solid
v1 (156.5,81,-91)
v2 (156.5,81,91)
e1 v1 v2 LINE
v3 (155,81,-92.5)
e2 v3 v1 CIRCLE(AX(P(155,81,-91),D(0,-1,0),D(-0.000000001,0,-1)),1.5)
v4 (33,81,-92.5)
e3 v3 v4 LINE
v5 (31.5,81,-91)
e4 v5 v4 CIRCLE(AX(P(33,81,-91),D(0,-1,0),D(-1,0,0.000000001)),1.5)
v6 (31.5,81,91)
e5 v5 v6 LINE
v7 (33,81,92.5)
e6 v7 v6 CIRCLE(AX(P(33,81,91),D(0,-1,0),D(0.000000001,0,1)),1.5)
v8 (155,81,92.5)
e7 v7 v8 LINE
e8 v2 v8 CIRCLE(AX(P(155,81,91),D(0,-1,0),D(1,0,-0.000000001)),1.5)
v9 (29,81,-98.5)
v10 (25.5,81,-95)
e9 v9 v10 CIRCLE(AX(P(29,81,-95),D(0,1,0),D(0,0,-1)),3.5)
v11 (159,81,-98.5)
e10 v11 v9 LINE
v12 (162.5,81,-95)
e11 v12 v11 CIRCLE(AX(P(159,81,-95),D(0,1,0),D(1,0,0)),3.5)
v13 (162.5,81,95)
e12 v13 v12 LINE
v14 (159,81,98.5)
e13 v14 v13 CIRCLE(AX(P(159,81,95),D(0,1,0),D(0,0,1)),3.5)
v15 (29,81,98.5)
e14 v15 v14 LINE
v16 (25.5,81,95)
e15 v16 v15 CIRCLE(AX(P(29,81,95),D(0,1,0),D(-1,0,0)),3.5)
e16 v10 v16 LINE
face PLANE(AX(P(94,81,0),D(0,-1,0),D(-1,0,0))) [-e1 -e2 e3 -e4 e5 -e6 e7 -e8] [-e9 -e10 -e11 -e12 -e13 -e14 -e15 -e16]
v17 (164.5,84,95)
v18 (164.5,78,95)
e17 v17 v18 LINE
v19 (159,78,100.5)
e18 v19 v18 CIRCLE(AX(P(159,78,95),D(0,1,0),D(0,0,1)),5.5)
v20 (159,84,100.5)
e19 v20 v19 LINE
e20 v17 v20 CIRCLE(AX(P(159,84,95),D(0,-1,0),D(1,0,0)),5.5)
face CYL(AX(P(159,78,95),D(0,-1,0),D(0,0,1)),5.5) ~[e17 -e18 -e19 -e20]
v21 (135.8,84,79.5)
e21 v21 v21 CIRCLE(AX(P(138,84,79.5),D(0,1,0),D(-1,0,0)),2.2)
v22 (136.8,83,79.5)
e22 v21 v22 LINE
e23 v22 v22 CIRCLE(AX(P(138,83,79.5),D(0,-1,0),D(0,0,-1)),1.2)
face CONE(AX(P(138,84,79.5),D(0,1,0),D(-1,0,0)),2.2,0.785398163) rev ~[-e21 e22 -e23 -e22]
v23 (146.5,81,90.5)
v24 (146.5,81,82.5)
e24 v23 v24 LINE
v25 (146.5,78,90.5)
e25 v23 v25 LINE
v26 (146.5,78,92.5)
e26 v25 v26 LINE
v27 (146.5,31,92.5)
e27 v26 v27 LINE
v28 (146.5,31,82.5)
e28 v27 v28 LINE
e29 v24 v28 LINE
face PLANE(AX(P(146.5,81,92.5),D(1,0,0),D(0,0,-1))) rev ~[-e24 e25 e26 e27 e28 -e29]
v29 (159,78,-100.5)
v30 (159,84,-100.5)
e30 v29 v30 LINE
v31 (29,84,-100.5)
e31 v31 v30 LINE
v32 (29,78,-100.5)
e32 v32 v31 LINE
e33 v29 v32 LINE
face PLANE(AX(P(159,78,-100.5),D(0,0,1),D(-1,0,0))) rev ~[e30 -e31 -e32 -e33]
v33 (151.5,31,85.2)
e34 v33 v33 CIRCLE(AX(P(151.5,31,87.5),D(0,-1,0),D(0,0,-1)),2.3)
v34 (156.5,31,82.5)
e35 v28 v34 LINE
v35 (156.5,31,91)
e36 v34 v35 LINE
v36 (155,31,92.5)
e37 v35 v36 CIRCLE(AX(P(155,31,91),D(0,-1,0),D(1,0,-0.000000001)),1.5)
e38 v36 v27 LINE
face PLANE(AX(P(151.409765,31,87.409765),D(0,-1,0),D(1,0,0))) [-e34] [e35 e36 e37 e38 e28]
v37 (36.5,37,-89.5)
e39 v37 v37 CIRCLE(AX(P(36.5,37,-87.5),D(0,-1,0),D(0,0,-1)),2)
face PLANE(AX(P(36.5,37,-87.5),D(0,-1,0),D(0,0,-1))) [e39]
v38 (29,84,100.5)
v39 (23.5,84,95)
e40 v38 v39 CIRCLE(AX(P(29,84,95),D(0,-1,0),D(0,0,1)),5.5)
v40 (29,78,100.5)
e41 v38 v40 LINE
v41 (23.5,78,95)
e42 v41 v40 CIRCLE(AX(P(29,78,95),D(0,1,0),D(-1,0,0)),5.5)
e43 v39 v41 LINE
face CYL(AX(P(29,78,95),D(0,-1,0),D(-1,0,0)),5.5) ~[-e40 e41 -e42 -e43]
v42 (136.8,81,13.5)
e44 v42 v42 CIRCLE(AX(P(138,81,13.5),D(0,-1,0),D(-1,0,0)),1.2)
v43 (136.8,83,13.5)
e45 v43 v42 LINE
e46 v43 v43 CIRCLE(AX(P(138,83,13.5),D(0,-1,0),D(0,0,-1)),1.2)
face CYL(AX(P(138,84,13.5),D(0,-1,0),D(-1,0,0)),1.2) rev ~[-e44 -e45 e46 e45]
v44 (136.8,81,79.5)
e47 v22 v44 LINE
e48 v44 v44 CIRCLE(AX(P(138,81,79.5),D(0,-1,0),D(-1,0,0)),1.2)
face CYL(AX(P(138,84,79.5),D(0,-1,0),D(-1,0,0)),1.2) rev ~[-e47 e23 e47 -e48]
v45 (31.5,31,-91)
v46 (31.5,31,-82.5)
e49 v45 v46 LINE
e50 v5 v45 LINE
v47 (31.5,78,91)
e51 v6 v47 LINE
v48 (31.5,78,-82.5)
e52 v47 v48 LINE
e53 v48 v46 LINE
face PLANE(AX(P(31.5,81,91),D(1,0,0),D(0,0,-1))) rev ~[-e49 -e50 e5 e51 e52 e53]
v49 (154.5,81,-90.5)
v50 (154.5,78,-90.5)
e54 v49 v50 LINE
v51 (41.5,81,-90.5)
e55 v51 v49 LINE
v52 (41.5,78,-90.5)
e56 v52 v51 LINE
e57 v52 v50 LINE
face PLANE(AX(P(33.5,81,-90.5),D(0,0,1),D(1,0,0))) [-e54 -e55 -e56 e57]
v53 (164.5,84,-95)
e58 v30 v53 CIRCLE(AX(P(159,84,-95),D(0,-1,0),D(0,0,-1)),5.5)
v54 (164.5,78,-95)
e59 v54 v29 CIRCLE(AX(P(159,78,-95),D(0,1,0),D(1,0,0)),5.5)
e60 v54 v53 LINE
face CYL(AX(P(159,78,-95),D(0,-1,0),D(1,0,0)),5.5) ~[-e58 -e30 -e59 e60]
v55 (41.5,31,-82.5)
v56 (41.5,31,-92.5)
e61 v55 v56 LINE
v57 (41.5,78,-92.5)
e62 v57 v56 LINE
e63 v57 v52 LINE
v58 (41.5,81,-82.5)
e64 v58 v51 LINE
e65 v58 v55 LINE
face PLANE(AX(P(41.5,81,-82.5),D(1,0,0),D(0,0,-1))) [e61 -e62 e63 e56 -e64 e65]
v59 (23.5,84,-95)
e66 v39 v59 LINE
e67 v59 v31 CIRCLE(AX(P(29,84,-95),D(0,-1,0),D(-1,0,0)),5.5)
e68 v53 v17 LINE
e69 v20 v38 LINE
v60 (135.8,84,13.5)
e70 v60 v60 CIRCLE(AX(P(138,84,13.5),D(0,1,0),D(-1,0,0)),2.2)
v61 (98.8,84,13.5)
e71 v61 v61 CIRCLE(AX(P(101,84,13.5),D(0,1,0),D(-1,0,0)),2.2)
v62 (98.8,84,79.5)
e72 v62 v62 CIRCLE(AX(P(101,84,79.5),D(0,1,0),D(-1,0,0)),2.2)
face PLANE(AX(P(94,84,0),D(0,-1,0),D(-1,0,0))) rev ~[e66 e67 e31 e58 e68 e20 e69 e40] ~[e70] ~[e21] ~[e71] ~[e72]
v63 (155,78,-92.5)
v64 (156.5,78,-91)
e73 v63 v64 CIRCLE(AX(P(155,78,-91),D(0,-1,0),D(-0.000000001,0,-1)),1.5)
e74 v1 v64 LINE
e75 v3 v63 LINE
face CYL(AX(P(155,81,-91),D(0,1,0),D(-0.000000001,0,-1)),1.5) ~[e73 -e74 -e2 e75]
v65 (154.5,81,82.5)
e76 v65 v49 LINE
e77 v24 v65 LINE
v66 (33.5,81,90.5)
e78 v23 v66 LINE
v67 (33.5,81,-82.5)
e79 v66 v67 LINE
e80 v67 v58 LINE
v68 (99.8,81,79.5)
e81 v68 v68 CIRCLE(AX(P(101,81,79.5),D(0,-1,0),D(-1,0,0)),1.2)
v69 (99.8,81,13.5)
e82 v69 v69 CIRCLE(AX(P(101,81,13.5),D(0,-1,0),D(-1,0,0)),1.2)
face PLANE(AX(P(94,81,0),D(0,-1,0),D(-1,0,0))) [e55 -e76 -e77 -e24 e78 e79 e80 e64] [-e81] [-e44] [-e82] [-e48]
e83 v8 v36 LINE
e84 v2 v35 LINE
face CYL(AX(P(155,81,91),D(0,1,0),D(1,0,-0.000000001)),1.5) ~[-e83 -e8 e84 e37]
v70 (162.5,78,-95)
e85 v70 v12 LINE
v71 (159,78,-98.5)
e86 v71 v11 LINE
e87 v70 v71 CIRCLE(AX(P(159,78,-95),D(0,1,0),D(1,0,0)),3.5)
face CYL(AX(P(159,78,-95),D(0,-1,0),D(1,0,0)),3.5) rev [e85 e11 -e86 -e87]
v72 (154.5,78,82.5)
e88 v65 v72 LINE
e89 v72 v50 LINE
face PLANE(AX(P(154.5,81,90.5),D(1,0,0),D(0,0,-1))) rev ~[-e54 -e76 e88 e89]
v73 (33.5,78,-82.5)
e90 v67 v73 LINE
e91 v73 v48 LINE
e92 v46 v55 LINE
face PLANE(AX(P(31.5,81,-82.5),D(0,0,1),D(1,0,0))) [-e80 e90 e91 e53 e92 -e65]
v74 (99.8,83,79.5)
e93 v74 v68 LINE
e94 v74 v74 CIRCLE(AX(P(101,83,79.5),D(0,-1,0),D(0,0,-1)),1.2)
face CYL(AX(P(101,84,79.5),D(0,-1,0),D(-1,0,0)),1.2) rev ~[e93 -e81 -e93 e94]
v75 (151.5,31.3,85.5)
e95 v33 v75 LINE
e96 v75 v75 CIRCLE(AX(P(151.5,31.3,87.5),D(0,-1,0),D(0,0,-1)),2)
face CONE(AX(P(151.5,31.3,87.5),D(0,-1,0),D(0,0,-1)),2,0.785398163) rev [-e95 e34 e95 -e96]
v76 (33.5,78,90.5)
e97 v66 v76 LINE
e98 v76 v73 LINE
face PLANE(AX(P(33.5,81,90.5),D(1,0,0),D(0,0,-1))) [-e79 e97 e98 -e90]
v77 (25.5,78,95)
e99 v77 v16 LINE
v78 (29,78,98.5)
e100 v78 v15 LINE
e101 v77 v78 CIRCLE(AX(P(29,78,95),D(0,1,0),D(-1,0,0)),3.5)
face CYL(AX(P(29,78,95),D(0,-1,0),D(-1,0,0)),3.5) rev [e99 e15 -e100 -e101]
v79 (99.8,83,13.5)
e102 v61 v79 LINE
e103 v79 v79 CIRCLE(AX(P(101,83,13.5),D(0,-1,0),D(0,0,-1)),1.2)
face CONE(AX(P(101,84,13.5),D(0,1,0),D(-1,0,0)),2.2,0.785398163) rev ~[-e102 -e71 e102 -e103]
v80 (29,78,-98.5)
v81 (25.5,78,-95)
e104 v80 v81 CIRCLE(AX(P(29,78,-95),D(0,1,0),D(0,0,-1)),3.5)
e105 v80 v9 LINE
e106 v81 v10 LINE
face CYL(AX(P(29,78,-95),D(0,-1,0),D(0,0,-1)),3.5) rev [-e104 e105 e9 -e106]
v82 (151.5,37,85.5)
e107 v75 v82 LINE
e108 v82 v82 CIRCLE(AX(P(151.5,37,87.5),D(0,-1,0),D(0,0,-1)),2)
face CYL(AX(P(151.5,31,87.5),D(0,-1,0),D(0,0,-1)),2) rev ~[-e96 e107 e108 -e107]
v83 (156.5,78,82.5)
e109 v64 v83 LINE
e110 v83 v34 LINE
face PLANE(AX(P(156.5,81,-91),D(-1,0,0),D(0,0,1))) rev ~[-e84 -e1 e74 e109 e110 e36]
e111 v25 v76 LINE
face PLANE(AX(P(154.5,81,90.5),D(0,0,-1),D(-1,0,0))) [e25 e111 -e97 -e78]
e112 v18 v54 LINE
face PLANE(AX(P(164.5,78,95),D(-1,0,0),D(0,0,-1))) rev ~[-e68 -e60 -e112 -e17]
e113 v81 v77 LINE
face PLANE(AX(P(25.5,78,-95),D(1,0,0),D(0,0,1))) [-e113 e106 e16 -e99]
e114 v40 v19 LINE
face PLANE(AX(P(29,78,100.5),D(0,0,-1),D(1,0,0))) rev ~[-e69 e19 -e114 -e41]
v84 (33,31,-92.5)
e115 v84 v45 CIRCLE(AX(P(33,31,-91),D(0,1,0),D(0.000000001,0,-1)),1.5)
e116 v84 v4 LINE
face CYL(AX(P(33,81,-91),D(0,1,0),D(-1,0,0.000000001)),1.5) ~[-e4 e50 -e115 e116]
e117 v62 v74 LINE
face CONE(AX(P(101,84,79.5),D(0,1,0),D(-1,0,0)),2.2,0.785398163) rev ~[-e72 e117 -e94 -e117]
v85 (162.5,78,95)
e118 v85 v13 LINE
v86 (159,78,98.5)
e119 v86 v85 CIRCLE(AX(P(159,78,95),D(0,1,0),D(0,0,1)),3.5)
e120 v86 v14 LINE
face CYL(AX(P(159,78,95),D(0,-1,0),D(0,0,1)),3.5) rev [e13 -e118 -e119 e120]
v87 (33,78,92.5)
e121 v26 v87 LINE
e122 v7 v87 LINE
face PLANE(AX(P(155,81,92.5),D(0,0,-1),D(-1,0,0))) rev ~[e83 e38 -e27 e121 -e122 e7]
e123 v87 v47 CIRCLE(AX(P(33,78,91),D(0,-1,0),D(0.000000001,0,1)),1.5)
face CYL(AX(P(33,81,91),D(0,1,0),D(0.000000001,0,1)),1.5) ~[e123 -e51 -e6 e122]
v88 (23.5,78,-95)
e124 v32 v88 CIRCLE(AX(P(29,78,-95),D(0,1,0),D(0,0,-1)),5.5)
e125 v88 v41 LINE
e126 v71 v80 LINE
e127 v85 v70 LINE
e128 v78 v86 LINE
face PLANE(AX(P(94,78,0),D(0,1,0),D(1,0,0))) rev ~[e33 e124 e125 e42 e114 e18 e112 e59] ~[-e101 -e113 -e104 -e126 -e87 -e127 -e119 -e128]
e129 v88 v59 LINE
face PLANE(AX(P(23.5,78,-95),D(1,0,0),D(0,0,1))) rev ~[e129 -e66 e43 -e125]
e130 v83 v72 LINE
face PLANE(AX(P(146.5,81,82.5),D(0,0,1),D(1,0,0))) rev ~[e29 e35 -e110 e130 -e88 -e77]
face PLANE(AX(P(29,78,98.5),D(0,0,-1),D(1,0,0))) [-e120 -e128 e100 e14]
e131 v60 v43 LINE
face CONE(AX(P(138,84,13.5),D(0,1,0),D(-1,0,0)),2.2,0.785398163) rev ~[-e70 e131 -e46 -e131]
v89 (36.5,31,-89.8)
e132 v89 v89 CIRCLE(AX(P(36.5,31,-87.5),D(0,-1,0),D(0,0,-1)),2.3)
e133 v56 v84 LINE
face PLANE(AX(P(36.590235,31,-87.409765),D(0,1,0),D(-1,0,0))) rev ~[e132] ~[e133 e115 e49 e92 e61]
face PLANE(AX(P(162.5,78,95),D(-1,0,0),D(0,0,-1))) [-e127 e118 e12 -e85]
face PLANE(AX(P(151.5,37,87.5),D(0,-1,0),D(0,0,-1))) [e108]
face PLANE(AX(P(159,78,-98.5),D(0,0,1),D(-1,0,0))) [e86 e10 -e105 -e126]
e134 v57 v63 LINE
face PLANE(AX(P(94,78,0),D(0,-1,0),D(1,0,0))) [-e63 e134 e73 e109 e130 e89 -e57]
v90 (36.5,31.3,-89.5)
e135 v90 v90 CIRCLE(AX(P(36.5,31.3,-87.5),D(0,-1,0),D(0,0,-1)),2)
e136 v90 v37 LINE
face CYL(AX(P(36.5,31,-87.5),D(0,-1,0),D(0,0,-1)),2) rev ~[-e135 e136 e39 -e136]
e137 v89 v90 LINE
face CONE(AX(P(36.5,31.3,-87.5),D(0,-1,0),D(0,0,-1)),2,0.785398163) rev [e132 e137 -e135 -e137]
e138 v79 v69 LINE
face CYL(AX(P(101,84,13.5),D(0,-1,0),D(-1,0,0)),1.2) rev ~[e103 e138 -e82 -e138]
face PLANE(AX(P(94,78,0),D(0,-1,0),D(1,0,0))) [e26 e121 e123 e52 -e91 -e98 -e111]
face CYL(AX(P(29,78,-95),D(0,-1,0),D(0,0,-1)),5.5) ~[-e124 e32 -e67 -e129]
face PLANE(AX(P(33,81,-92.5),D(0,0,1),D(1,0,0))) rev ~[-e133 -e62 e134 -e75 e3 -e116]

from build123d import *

# Parameters (mm, degrees)
SALIENTE_EXTRUIR1_DEPTH                              = 3
SALIENTE_EXTRUIR2_START                              = -3
SALIENTE_EXTRUIR2_DEPTH                              = 3
SALIENTE_EXTRUIR4_DEPTH                              = 3
SALIENTE_EXTRUIR5_DEPTH                              = 50
AVELLANADO_PARA_TORNILLO_CON_CABEZA_PLAN_D           = 2.4
AVELLANADO_PARA_TORNILLO_CON_CABEZA_PLAN_CSINK_D     = 4.4
AVELLANADO_PARA_TORNILLO_CON_CABEZA_PLAN_CSINK_ANGLE = 90
CROQUIS11_R                                          = 2
CORTAR_EXTRUIR2_DEPTH                                = 6
CHAFL_N2_SIZE                                        = 0.3


with BuildPart() as part:
    # Croquis1 → Saliente-Extruir1 (new body)
    with BuildSketch(Plane(origin=(0, 81, 0), x_dir=(1, 0, 0), z_dir=(0, 1, 0))):
        with BuildLine():
            Line((164.5, -35), (164.5, -58))
            Line((164.5, -58), (164.5, -95))
            ThreePointArc((164.5, -95), (162.889087297, -98.889087297), (159, -100.5))
            Line((159, -100.5), (29, -100.5))
            ThreePointArc((29, -100.5), (25.110912703, -98.889087297), (23.5, -95))
            Line((23.5, -95), (23.5, 95))
            ThreePointArc((23.5, 95), (25.110912703, 98.889087297), (29, 100.5))
            Line((29, 100.5), (159, 100.5))
            ThreePointArc((159, 100.5), (162.889087297, 98.889087297), (164.5, 95))
            Line((164.5, 95), (164.5, -35))
        make_face()
    extrude(amount=SALIENTE_EXTRUIR1_DEPTH)

    # Croquis2 → Saliente-Extruir2 (add)
    with BuildSketch(Plane(origin=(0, 81, 0), x_dir=(1, 0, 0), z_dir=(0, 1, 0)).offset(SALIENTE_EXTRUIR2_START)):
        with BuildLine():
            Line((164.5, -95), (164.5, 95))
            ThreePointArc((164.5, 95), (162.889087297, 98.889087297), (159, 100.5))
            Line((159, 100.5), (29, 100.5))
            ThreePointArc((29, 100.5), (25.110912703, 98.889087297), (23.5, 95))
            Line((23.5, 95), (23.5, -95))
            ThreePointArc((23.5, -95), (25.110912703, -98.889087297), (29, -100.5))
            Line((29, -100.5), (159, -100.5))
            ThreePointArc((159, -100.5), (162.889087297, -98.889087297), (164.5, -95))
        make_face()
        with BuildLine():
            Line((162.5, -95), (162.5, 95))
            ThreePointArc((162.5, 95), (161.474873734, 97.474873734), (159, 98.5))
            Line((159, 98.5), (29, 98.5))
            ThreePointArc((29, 98.5), (26.525126266, 97.474873734), (25.5, 95))
            Line((25.5, 95), (25.5, -95))
            ThreePointArc((25.5, -95), (26.525126266, -97.474873734), (29, -98.5))
            Line((29, -98.5), (159, -98.5))
            ThreePointArc((159, -98.5), (161.474873734, -97.474873734), (162.5, -95))
        make_face(mode=Mode.SUBTRACT)
    extrude(amount=SALIENTE_EXTRUIR2_DEPTH)

    # Croquis4 → Saliente-Extruir4 (add)
    with BuildSketch(Plane.XZ.offset(-81)):
        with BuildLine():
            Line((33, -92.5), (155, -92.5))
            ThreePointArc((155, -92.5), (156.060660172, -92.060660172), (156.5, -91))
            Line((156.5, -91), (156.5, 35))
            Line((156.5, 35), (156.5, 58))
            Line((156.5, 58), (156.5, 91))
            ThreePointArc((156.5, 91), (156.060660172, 92.060660172), (155, 92.5))
            Line((155, 92.5), (33, 92.5))
            ThreePointArc((33, 92.5), (31.939339828, 92.060660172), (31.5, 91))
            Line((31.5, 91), (31.5, -91))
            ThreePointArc((31.5, -91), (31.939339828, -92.060660172), (33, -92.5))
        make_face()
        Polygon((33.5, -90.5), (154.5, -90.5), (154.5, 35), (154.5, 58), (154.5, 90.5), (33.5, 90.5), align=None, mode=Mode.SUBTRACT)
    extrude(amount=SALIENTE_EXTRUIR4_DEPTH)

    # Croquis5 → Saliente-Extruir5 (add)
    with BuildSketch(Plane.XZ.offset(-81)):
        with BuildLine():
            Line((155, 92.5), (146.5, 92.5))
            Line((146.5, 92.5), (146.5, 82.5))
            Line((146.5, 82.5), (156.5, 82.5))
            Line((156.5, 82.5), (156.5, 91))
            ThreePointArc((156.5, 91), (156.060660172, 92.060660172), (155, 92.5))
        make_face()
        with BuildLine():
            Line((31.5, -91), (31.5, -82.5))
            Line((31.5, -82.5), (41.5, -82.5))
            Line((41.5, -82.5), (41.5, -92.5))
            Line((41.5, -92.5), (33, -92.5))
            ThreePointArc((33, -92.5), (31.939339828, -92.060660172), (31.5, -91))
        make_face()
    extrude(amount=SALIENTE_EXTRUIR5_DEPTH)

    # Avellanado para tornillo con cabeza plana de M21 (through all)
    with Locations(Plane(origin=(0, 84, 0), x_dir=(1, 0, 0), z_dir=(0, 1, 0))):
        with Locations((138, -13.5), (101, -13.5), (138, -79.5), (101, -79.5)):
            CounterSinkHole(AVELLANADO_PARA_TORNILLO_CON_CABEZA_PLAN_D / 2, AVELLANADO_PARA_TORNILLO_CON_CABEZA_PLAN_CSINK_D / 2, counter_sink_angle=AVELLANADO_PARA_TORNILLO_CON_CABEZA_PLAN_CSINK_ANGLE)

    # Croquis11 → Cortar-Extruir2 (cut)
    with BuildSketch(Plane.XZ.offset(-31)):
        with Locations(Location((36.5, -87.5, 0), (0, 0, 270))):
            Circle(CROQUIS11_R)
        with Locations(Location((151.5, 87.5, 0), (0, 0, 270))):
            Circle(CROQUIS11_R)
    extrude(amount=-CORTAR_EXTRUIR2_DEPTH, mode=Mode.SUBTRACT)

    # Chaflán2
    chafl_n2_edges = [part.edges().sort_by_distance(p)[0] for p in [
        (36.5, 31, -85.5),
        (151.5, 31, 89.5),
    ]]
    chamfer(chafl_n2_edges, length=CHAFL_N2_SIZE)


solid = part.part
